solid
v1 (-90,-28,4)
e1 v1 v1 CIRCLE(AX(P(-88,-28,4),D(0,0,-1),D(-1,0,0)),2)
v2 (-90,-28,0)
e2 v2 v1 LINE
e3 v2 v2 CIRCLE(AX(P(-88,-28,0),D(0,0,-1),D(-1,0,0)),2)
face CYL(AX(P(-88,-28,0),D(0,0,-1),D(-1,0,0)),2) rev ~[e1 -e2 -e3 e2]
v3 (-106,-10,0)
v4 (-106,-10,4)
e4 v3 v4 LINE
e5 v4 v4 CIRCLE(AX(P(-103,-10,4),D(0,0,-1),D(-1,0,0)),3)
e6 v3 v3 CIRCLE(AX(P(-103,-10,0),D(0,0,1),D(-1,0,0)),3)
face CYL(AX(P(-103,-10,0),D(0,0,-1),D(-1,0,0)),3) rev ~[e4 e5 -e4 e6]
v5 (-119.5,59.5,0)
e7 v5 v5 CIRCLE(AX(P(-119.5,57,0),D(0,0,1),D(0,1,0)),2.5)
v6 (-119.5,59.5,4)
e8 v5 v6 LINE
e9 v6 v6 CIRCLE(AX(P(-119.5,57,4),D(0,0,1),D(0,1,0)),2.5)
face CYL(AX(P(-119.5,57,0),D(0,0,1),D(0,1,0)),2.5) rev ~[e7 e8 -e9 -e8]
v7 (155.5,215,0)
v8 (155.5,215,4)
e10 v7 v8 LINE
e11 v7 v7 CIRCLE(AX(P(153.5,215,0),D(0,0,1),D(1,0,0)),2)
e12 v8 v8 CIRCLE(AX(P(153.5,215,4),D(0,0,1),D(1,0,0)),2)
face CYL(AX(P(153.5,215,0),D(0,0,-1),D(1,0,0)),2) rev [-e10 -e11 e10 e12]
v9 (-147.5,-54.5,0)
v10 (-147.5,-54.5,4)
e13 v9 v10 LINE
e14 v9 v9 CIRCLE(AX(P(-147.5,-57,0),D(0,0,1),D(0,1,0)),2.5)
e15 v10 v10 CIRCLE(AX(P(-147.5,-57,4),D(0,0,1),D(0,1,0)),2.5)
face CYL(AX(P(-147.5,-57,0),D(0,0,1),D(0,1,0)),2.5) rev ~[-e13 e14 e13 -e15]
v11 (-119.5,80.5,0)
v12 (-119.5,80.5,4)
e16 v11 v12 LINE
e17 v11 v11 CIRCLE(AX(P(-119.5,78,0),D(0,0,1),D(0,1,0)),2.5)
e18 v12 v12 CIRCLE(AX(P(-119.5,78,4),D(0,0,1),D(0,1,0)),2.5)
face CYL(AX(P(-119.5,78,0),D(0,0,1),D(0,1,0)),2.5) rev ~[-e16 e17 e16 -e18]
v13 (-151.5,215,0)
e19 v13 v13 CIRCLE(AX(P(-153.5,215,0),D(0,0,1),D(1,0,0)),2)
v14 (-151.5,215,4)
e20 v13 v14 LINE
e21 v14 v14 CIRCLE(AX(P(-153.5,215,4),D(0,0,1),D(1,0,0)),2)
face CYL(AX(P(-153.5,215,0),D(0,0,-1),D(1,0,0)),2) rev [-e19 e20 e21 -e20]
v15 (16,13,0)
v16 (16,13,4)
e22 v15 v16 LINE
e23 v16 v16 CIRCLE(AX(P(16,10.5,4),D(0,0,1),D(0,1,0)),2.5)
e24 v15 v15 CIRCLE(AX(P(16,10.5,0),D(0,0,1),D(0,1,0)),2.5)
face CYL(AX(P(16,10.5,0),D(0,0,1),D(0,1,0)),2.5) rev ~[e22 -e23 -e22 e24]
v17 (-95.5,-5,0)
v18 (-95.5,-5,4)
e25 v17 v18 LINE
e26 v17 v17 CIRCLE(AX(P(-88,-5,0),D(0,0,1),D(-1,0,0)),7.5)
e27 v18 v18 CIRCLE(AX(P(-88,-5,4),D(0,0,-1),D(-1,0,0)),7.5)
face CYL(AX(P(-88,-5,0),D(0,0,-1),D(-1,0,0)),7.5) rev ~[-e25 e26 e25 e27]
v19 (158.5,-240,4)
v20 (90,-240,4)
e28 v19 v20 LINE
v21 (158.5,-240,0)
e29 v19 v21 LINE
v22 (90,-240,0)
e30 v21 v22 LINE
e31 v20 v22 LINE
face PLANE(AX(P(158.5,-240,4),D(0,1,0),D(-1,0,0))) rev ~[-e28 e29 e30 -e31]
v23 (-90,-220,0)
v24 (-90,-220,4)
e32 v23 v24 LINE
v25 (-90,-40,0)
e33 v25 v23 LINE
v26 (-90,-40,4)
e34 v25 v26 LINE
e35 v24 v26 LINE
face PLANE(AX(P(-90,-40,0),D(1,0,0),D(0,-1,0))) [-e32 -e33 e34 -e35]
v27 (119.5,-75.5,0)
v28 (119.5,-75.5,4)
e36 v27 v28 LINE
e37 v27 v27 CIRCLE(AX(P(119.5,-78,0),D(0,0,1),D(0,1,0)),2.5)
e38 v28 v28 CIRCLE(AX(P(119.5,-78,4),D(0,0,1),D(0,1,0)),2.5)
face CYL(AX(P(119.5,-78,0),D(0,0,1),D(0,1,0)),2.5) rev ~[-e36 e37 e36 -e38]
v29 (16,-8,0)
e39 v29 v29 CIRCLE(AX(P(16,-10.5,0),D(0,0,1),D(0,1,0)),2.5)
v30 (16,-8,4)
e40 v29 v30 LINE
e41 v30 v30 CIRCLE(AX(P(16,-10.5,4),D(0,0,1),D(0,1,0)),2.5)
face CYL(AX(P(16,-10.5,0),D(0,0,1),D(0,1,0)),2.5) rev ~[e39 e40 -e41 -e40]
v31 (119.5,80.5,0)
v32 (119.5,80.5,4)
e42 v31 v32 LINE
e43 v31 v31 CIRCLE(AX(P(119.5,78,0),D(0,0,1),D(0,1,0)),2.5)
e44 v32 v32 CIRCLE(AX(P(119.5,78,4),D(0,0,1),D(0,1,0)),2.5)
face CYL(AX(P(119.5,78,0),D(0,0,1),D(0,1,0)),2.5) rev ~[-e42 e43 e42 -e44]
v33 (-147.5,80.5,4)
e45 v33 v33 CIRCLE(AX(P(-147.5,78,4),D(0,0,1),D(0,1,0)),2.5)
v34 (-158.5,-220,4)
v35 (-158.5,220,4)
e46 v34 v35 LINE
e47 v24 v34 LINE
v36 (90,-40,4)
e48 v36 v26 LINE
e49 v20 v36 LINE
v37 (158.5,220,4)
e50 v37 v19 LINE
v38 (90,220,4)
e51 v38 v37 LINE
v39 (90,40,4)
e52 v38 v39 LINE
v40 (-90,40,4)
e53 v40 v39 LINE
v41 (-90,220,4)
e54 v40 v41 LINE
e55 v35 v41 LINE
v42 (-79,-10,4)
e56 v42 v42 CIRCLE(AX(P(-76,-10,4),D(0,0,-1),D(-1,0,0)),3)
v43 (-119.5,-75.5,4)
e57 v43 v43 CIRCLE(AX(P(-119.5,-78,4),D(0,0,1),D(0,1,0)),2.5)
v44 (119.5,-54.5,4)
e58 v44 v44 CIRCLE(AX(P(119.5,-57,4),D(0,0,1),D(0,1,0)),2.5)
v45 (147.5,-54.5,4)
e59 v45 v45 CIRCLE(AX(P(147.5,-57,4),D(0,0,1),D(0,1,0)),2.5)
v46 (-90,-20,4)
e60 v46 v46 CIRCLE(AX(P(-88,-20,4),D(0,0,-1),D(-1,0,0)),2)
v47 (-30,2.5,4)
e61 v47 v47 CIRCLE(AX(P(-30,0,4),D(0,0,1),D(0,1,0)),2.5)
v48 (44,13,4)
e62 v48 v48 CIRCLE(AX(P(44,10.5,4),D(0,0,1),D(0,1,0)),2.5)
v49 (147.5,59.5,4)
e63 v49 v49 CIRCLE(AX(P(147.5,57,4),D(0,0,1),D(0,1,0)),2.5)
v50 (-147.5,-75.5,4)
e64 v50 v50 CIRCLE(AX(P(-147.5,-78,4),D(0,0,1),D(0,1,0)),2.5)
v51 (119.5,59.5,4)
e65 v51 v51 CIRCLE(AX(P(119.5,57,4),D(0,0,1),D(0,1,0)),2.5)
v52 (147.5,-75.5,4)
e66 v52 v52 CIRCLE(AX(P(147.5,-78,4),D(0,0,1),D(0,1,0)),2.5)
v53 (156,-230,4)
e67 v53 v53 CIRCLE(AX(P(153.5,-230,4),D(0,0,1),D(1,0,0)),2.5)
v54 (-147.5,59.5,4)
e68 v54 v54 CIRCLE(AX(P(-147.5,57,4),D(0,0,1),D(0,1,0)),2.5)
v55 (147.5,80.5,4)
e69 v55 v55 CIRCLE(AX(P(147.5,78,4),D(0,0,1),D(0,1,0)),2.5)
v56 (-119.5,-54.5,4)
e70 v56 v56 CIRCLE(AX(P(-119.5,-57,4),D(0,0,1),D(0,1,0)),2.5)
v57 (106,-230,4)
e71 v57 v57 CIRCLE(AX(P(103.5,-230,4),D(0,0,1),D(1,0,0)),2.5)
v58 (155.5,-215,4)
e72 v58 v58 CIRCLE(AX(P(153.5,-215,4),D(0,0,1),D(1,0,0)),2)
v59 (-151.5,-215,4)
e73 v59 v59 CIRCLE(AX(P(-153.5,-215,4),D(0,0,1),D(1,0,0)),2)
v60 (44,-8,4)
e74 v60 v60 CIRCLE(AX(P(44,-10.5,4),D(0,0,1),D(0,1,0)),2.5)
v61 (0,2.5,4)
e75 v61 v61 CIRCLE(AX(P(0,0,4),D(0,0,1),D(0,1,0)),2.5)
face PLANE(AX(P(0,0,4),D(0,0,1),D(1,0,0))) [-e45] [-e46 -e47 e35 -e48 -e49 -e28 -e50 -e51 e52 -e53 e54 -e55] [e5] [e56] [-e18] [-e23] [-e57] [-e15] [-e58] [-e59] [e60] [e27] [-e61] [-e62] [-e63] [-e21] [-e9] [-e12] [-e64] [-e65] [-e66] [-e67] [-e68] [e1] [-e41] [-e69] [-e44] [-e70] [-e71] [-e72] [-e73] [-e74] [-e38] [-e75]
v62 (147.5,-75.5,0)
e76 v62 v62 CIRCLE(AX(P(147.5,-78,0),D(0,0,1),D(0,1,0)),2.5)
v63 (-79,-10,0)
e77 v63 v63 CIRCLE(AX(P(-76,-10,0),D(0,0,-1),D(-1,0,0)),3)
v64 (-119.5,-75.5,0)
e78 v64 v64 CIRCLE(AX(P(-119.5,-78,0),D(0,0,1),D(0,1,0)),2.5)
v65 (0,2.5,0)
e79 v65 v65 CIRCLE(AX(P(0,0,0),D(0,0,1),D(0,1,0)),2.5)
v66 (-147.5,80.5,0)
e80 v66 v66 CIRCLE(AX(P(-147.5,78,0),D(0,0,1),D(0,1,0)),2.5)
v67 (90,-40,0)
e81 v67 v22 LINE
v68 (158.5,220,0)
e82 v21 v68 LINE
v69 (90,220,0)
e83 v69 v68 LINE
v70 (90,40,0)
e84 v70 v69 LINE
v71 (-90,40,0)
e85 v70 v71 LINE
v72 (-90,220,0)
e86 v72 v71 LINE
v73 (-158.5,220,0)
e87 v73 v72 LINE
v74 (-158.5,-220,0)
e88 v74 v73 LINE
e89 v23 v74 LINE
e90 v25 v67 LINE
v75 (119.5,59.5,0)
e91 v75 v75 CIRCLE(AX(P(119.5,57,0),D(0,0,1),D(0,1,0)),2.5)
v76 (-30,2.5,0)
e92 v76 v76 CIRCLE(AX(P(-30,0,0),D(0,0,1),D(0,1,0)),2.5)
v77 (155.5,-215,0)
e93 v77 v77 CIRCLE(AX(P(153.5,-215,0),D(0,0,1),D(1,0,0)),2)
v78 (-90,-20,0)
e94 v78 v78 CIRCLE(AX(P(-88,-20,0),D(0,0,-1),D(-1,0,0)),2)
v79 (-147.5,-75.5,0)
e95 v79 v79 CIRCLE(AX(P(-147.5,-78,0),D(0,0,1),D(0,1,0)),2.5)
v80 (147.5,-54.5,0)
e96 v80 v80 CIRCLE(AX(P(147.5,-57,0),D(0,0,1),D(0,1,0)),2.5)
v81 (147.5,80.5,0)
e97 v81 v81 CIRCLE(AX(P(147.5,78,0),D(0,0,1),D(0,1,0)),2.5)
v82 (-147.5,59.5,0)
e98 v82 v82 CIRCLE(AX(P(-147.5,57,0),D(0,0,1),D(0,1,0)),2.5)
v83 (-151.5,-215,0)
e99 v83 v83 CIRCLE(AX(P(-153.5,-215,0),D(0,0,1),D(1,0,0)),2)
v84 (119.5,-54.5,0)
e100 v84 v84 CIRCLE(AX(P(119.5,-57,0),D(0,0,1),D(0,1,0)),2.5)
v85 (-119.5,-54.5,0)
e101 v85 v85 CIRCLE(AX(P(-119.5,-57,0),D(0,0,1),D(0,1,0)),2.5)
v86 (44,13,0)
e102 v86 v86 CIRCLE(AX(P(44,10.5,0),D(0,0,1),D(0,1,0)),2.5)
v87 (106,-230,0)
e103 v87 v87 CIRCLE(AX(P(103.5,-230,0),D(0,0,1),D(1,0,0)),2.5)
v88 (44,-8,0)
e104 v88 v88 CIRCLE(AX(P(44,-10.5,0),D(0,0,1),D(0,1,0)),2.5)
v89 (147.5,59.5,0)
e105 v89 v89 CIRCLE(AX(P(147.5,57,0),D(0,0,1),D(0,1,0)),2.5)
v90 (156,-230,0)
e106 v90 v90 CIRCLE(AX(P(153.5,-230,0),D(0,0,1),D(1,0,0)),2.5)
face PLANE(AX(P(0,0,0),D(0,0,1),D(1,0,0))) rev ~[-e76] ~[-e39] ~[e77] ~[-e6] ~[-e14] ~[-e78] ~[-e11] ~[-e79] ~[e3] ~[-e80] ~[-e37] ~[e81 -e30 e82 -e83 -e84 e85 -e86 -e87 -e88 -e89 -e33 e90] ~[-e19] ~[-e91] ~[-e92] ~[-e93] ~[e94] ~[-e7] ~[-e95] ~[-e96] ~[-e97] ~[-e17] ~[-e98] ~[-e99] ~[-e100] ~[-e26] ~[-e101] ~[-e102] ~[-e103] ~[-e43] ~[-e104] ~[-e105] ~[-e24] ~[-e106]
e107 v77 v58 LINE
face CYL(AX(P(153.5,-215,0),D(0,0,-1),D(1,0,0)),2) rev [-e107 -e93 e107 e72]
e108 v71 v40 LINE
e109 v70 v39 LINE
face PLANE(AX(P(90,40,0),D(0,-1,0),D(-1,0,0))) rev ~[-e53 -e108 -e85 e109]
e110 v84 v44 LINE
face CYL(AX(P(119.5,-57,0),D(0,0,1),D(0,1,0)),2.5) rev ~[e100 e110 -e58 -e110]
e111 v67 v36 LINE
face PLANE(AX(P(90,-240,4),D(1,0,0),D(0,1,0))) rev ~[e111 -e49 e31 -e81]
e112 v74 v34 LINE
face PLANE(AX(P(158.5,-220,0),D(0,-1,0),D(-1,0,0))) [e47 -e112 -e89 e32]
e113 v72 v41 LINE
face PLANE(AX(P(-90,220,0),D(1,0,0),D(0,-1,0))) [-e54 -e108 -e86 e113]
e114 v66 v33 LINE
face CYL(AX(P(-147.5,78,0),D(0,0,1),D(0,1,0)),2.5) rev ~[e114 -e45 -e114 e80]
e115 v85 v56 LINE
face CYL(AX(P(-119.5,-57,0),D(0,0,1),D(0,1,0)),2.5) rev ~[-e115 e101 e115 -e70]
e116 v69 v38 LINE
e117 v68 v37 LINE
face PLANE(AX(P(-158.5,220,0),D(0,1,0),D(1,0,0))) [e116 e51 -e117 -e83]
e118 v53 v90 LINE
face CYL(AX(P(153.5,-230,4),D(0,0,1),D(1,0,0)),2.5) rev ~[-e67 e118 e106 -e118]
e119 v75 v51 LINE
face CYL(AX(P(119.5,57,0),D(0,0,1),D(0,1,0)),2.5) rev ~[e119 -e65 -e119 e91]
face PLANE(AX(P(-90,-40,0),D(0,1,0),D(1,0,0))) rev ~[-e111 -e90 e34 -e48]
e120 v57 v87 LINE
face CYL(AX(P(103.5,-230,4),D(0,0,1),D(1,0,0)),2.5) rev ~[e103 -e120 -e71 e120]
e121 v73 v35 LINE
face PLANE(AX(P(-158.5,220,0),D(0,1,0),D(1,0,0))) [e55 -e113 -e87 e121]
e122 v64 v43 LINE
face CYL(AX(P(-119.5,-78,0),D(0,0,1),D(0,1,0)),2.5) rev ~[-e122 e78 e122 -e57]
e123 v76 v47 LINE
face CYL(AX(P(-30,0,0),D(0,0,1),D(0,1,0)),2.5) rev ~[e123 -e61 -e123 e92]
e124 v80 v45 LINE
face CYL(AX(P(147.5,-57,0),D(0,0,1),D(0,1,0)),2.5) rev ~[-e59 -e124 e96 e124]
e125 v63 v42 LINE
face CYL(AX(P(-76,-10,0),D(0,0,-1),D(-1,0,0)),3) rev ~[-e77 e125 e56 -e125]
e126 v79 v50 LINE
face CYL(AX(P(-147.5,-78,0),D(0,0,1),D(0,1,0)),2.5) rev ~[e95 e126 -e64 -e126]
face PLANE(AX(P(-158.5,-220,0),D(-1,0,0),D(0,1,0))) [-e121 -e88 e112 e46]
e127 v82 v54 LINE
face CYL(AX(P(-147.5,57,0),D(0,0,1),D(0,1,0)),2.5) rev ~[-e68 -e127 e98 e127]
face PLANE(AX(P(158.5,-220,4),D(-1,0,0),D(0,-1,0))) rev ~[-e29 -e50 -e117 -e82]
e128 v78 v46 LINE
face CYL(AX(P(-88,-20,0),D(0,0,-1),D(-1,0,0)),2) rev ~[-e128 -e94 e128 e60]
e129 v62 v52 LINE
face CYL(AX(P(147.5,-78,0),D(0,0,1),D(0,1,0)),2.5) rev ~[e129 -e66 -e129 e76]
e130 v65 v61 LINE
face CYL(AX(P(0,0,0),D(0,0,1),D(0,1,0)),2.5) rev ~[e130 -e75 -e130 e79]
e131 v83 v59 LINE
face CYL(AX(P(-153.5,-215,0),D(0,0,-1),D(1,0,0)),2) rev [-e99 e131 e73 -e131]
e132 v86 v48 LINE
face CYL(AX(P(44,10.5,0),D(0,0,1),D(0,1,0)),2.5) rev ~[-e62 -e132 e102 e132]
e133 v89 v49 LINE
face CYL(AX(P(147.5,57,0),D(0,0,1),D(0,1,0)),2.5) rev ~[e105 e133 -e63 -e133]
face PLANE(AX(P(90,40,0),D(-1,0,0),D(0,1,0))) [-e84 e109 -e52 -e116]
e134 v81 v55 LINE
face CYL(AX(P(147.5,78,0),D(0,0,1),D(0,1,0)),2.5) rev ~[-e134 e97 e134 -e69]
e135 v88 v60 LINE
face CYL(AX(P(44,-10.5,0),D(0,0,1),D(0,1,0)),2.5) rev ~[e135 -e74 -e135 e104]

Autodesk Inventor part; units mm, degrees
ref_plane "YZ Plane" through (0, 0, 0) normal (1, 0, 0) x (0, 1, 0)
ref_plane "XZ Plane" through (0, 0, 0) normal (0, 1, 0) x (-1, 0, 0)
ref_plane "XY Plane" through (0, 0, 0) normal (0, 0, 1) x (1, 0, 0)
sketch "Sketch1" plane through (0, 0, 0) normal (0, 0, 1) x (1, 0, 0)
  line L0 (-158.5, 220) -> (158.5, 220)
  line L1 (158.5, 220) -> (158.5, -220)
  line L2 (158.5, -220) -> (-158.5, -220)
  line L3 (-158.5, -220) -> (-158.5, 220)
  line L4 (-153.5, 215) -> (153.5, 215) construction
  line L5 (153.5, 215) -> (153.5, -215) construction
  line L6 (153.5, -215) -> (-153.5, -215) construction
  line L7 (-153.5, -215) -> (-153.5, 215) construction
  circle A0 centre (-153.5, 215) radius 2
  circle A1 centre (153.5, 215) radius 2
  circle A2 centre (153.5, -215) radius 2
  circle A3 centre (-153.5, -215) radius 2
  point P0 (0, 0)
  point P1 (0, 220)
  point P2 (-158.5, 0)
  point P3 (0, 215)
  point P4 (-153.5, 0)
  dimension "d0" = 440
  dimension "d1" = 317
  dimension "d3" = 5
  dimension "d4" = 5
  dimension "d5" = 4
extrude "Extrusion1" add sketch "Sketch1" along normal blind 4
sketch "Sketch3" plane through (0, 0, 0) normal (0, 0, -1) x (-1, 0, 0)
  line L0 (90, -220) -> (-90, -220)
  line L1 (-90, -220) -> (-90, 220)
  line L2 (-90, 220) -> (90, 220)
  line L3 (90, 220) -> (90, -220)
  line L4 (158.5, -220) -> (-158.5, -220) projected
  line L5 (-158.5, 220) -> (158.5, 220) projected
  line L6 (90, -40) -> (-90, -40)
  line L7 (-90, -40) -> (-90, 40)
  line L8 (-90, 40) -> (90, 40)
  line L9 (90, 40) -> (90, -40)
  point P0 (0, 0)
  point P1 (0, -220)
  point P2 (-90, 0)
  dimension "d11" = 180
  dimension "d12" = 80
extrude "Extrusion3" cut sketch "Sketch3" against normal through all contours L0 L1 L6 L3 | L8 L1 L2 L3
sketch "Sketch5" plane through (0, 0, 4) normal (0, 0, 1) x (1, 0, 0)
  line L0 (158.5, -240) -> (90, -240)
  line L1 (90, -240) -> (90, -220)
  line L2 (90, -220) -> (158.5, -220)
  line L3 (158.5, -220) -> (158.5, -240)
  line L4 (158.5, 220) -> (90, 220) projected
  line L5 (158.5, -220) -> (158.5, 220) projected
  line L6 (90, 220) -> (90, 40) projected
  circle A0 centre (153.5, -230) radius 2.5
  circle A1 centre (103.5, -230) radius 2.5
  line L7 (90, -220) -> (158.5, -220) projected
  point P0 (0, 0)
  point P1 (124.25, 201.6144)
  point P2 (124.25, -240)
  point P3 (90, -230)
  dimension "d21" = 20
  dimension "d22" = 5
  dimension "d24" = 50
  dimension "d34" = 5
extrude "Extrusion5" add sketch "Sketch5" against normal up to surface (4 mm away)
sketch "Sketch6" plane through (0, 0, 0) normal (0, 0, -1) x (-1, 0, 0)
  circle A0 centre (119.5, -78) radius 2.1
  circle A1 centre (147.5, -78) radius 2.1
  circle A2 centre (119.5, -57) radius 2.1
  circle A3 centre (147.5, -57) radius 2.1
  line L0 (152.5, -85) -> (142.5, -85)
  line L1 (142.5, -85) -> (142.5, -50)
  line L2 (142.5, -50) -> (152.5, -50)
  line L3 (152.5, -50) -> (152.5, -85)
  line L4 (137.5, -85) -> (129.5, -85)
  line L5 (129.5, -85) -> (129.5, -50)
  line L6 (129.5, -50) -> (137.5, -50)
  line L7 (137.5, -50) -> (137.5, -85)
  line L8 (124.5, -85) -> (114.5, -85)
  line L9 (114.5, -85) -> (114.5, -50)
  line L10 (114.5, -50) -> (124.5, -50)
  line L11 (124.5, -50) -> (124.5, -85)
  circle A4 centre (119.5, 57) radius 2.1
  circle A5 centre (147.5, 57) radius 2.1
  circle A6 centre (119.5, 78) radius 2.1
  circle A7 centre (147.5, 78) radius 2.1
  line L12 (152.5, 50) -> (142.5, 50)
  line L13 (142.5, 50) -> (142.5, 85)
  line L14 (142.5, 85) -> (152.5, 85)
  line L15 (152.5, 85) -> (152.5, 50)
  line L16 (137.5, 50) -> (129.5, 50)
  line L17 (129.5, 50) -> (129.5, 85)
  line L18 (129.5, 85) -> (137.5, 85)
  line L19 (137.5, 85) -> (137.5, 50)
  line L20 (124.5, 50) -> (114.5, 50)
  line L21 (114.5, 50) -> (114.5, 85)
  line L22 (114.5, 85) -> (124.5, 85)
  line L23 (124.5, 85) -> (124.5, 50)
  circle A8 centre (1, 0) radius 2.5
  circle A9 centre (30, 0) radius 2.5
  line L24 (10.5, -12) -> (30.5, -12)
  line L25 (30.5, -12) -> (30.5, -5)
  line L26 (30.5, -5) -> (10.5, -5)
  line L27 (10.5, -5) -> (10.5, -12)
  line L28 (-50, -15.5) -> (40, -15.5)
  line L29 (40, 15.5) -> (40, -15.5)
  line L30 (40, 15.5) -> (-50, 15.5)
  line L31 (-50, -15.5) -> (-50, 15.5)
  line L32 (30.5, 12) -> (10.5, 12)
  line L33 (10.5, 12) -> (10.5, 5)
  line L34 (10.5, 5) -> (30.5, 5)
  line L35 (30.5, 5) -> (30.5, 12)
  circle A10 centre (-16, -10.5) radius 3
  circle A11 centre (-44, -10.5) radius 3
  circle A12 centre (-44, 10.5) radius 3
  circle A13 centre (-16, 10.5) radius 3
  circle A14 centre (-119.5, -57) radius 2.1
  circle A15 centre (-147.5, -57) radius 2.1
  circle A16 centre (-119.5, -78) radius 2.1
  circle A17 centre (-147.5, -78) radius 2.1
  line L36 (-152.5, -50) -> (-142.5, -50)
  line L37 (-142.5, -50) -> (-142.5, -85)
  line L38 (-142.5, -85) -> (-152.5, -85)
  line L39 (-152.5, -85) -> (-152.5, -50)
  line L40 (-137.5, -50) -> (-129.5, -50)
  line L41 (-129.5, -50) -> (-129.5, -85)
  line L42 (-129.5, -85) -> (-137.5, -85)
  line L43 (-137.5, -85) -> (-137.5, -50)
  line L44 (-124.5, -50) -> (-114.5, -50)
  line L45 (-114.5, -50) -> (-114.5, -85)
  line L46 (-114.5, -85) -> (-124.5, -85)
  line L47 (-124.5, -85) -> (-124.5, -50)
  circle A18 centre (-147.5, 57) radius 2.1
  circle A19 centre (-119.5, 57) radius 2.1
  circle A20 centre (-147.5, 78) radius 2.1
  circle A21 centre (-119.5, 78) radius 2.1
  line L48 (-114.5, 50) -> (-124.5, 50)
  line L49 (-124.5, 50) -> (-124.5, 85)
  line L50 (-124.5, 85) -> (-114.5, 85)
  line L51 (-114.5, 85) -> (-114.5, 50)
  line L52 (-129.5, 50) -> (-137.5, 50)
  line L53 (-137.5, 50) -> (-137.5, 85)
  line L54 (-137.5, 85) -> (-129.5, 85)
  line L55 (-129.5, 85) -> (-129.5, 50)
  line L56 (-142.5, 50) -> (-152.5, 50)
  line L57 (-152.5, 50) -> (-152.5, 85)
  line L58 (-152.5, 85) -> (-142.5, 85)
  line L59 (-142.5, 85) -> (-142.5, 50)
  point P0 (0, 0)
hole "Hole1" at (-147.5, -78, 0) at (-119.5, -78, 0) at (-119.5, -57, 0) at (-147.5, -57, 0) at (-30, 0, 0) at (0, 0, 0) at (16, -10.5, 0) at (44, -10.5, 0) at (44, 10.5, 0) at (16, 10.5, 0) at (-119.5, 57, 0) at (-119.5, 78, 0) at (-147.5, 78, 0) at (-147.5, 57, 0) at (119.5, 57, 0) at (147.5, 57, 0) at (147.5, 78, 0) at (119.5, 78, 0) at (147.5, -78, 0) at (119.5, -78, 0) at (119.5, -57, 0) at (147.5, -57, 0) direction (0, 0, 1) diameter 5 end through all
sketch "Sketch7" plane through (0, 0, 0) normal (0, 0, -1) x (-1, 0, 0)
  line L0 (-60, -15.1293) -> (-60, -45.1293)
  line L1 (-71, -45.1293) -> (-60, -45.1293)
  line L2 (-71, -45.1293) -> (-71, -15.1293)
  line L3 (-71, -15.1293) -> (-60, -15.1293)
  circle A0 centre (88, -28) radius 2
  circle A1 centre (88, -20) radius 2
  line L4 (-90, -40) -> (90, -40) projected
  circle A2 centre (88, -5) radius 7.5
  circle A3 centre (76, -10) radius 3
  circle A4 centre (103, -10) radius 3
  line L5 (84.5, -12.7391) -> (91.5, -12.7391) projected
  line L6 (84.5, -12.7391) -> (84.5, -22.7391) projected
  line L7 (93.5, -12.7391) -> (93.5, -22.7391) projected
  line L8 (-107, -6) -> (107, -6) projected
  line L9 (-107, -220) -> (-107, -6) projected
  line L10 (107, -220) -> (-107, -220) projected
  line L11 (107, -6) -> (107, -220) projected
  circle A5 centre (104.5, -217.5) radius 1.5 projected
  circle A6 centre (-104.5, -217.5) radius 1.5 projected
  circle A7 centre (-104.5, -8.5) radius 1.5 projected
  circle A8 centre (104.5, -8.5) radius 1.5 projected
  point P0 (0, 0)
  dimension "d35" = 4
  dimension "d37" = 8
  dimension "d38" = 12
  dimension "d39" = 15
  dimension "d40" = 35
  dimension "d41" = 6
  dimension "d42" = 12
  dimension "d43" = 15
  dimension "d44" = 5
  dimension "d47" = 5.5
extrude "Extrusion6" cut sketch "Sketch7" against normal through all contours A0 | A1 | A2 L8 | L8 A2 | A3 | A4 A8 | A8 A4 picked at (101.8731, -11.3773) picked at (104.2239, -7.9666)
equation "\"d43\" = d39"
properties part number "0008-10-018 Suport Heated Bed" material "Aluminum 6061"
